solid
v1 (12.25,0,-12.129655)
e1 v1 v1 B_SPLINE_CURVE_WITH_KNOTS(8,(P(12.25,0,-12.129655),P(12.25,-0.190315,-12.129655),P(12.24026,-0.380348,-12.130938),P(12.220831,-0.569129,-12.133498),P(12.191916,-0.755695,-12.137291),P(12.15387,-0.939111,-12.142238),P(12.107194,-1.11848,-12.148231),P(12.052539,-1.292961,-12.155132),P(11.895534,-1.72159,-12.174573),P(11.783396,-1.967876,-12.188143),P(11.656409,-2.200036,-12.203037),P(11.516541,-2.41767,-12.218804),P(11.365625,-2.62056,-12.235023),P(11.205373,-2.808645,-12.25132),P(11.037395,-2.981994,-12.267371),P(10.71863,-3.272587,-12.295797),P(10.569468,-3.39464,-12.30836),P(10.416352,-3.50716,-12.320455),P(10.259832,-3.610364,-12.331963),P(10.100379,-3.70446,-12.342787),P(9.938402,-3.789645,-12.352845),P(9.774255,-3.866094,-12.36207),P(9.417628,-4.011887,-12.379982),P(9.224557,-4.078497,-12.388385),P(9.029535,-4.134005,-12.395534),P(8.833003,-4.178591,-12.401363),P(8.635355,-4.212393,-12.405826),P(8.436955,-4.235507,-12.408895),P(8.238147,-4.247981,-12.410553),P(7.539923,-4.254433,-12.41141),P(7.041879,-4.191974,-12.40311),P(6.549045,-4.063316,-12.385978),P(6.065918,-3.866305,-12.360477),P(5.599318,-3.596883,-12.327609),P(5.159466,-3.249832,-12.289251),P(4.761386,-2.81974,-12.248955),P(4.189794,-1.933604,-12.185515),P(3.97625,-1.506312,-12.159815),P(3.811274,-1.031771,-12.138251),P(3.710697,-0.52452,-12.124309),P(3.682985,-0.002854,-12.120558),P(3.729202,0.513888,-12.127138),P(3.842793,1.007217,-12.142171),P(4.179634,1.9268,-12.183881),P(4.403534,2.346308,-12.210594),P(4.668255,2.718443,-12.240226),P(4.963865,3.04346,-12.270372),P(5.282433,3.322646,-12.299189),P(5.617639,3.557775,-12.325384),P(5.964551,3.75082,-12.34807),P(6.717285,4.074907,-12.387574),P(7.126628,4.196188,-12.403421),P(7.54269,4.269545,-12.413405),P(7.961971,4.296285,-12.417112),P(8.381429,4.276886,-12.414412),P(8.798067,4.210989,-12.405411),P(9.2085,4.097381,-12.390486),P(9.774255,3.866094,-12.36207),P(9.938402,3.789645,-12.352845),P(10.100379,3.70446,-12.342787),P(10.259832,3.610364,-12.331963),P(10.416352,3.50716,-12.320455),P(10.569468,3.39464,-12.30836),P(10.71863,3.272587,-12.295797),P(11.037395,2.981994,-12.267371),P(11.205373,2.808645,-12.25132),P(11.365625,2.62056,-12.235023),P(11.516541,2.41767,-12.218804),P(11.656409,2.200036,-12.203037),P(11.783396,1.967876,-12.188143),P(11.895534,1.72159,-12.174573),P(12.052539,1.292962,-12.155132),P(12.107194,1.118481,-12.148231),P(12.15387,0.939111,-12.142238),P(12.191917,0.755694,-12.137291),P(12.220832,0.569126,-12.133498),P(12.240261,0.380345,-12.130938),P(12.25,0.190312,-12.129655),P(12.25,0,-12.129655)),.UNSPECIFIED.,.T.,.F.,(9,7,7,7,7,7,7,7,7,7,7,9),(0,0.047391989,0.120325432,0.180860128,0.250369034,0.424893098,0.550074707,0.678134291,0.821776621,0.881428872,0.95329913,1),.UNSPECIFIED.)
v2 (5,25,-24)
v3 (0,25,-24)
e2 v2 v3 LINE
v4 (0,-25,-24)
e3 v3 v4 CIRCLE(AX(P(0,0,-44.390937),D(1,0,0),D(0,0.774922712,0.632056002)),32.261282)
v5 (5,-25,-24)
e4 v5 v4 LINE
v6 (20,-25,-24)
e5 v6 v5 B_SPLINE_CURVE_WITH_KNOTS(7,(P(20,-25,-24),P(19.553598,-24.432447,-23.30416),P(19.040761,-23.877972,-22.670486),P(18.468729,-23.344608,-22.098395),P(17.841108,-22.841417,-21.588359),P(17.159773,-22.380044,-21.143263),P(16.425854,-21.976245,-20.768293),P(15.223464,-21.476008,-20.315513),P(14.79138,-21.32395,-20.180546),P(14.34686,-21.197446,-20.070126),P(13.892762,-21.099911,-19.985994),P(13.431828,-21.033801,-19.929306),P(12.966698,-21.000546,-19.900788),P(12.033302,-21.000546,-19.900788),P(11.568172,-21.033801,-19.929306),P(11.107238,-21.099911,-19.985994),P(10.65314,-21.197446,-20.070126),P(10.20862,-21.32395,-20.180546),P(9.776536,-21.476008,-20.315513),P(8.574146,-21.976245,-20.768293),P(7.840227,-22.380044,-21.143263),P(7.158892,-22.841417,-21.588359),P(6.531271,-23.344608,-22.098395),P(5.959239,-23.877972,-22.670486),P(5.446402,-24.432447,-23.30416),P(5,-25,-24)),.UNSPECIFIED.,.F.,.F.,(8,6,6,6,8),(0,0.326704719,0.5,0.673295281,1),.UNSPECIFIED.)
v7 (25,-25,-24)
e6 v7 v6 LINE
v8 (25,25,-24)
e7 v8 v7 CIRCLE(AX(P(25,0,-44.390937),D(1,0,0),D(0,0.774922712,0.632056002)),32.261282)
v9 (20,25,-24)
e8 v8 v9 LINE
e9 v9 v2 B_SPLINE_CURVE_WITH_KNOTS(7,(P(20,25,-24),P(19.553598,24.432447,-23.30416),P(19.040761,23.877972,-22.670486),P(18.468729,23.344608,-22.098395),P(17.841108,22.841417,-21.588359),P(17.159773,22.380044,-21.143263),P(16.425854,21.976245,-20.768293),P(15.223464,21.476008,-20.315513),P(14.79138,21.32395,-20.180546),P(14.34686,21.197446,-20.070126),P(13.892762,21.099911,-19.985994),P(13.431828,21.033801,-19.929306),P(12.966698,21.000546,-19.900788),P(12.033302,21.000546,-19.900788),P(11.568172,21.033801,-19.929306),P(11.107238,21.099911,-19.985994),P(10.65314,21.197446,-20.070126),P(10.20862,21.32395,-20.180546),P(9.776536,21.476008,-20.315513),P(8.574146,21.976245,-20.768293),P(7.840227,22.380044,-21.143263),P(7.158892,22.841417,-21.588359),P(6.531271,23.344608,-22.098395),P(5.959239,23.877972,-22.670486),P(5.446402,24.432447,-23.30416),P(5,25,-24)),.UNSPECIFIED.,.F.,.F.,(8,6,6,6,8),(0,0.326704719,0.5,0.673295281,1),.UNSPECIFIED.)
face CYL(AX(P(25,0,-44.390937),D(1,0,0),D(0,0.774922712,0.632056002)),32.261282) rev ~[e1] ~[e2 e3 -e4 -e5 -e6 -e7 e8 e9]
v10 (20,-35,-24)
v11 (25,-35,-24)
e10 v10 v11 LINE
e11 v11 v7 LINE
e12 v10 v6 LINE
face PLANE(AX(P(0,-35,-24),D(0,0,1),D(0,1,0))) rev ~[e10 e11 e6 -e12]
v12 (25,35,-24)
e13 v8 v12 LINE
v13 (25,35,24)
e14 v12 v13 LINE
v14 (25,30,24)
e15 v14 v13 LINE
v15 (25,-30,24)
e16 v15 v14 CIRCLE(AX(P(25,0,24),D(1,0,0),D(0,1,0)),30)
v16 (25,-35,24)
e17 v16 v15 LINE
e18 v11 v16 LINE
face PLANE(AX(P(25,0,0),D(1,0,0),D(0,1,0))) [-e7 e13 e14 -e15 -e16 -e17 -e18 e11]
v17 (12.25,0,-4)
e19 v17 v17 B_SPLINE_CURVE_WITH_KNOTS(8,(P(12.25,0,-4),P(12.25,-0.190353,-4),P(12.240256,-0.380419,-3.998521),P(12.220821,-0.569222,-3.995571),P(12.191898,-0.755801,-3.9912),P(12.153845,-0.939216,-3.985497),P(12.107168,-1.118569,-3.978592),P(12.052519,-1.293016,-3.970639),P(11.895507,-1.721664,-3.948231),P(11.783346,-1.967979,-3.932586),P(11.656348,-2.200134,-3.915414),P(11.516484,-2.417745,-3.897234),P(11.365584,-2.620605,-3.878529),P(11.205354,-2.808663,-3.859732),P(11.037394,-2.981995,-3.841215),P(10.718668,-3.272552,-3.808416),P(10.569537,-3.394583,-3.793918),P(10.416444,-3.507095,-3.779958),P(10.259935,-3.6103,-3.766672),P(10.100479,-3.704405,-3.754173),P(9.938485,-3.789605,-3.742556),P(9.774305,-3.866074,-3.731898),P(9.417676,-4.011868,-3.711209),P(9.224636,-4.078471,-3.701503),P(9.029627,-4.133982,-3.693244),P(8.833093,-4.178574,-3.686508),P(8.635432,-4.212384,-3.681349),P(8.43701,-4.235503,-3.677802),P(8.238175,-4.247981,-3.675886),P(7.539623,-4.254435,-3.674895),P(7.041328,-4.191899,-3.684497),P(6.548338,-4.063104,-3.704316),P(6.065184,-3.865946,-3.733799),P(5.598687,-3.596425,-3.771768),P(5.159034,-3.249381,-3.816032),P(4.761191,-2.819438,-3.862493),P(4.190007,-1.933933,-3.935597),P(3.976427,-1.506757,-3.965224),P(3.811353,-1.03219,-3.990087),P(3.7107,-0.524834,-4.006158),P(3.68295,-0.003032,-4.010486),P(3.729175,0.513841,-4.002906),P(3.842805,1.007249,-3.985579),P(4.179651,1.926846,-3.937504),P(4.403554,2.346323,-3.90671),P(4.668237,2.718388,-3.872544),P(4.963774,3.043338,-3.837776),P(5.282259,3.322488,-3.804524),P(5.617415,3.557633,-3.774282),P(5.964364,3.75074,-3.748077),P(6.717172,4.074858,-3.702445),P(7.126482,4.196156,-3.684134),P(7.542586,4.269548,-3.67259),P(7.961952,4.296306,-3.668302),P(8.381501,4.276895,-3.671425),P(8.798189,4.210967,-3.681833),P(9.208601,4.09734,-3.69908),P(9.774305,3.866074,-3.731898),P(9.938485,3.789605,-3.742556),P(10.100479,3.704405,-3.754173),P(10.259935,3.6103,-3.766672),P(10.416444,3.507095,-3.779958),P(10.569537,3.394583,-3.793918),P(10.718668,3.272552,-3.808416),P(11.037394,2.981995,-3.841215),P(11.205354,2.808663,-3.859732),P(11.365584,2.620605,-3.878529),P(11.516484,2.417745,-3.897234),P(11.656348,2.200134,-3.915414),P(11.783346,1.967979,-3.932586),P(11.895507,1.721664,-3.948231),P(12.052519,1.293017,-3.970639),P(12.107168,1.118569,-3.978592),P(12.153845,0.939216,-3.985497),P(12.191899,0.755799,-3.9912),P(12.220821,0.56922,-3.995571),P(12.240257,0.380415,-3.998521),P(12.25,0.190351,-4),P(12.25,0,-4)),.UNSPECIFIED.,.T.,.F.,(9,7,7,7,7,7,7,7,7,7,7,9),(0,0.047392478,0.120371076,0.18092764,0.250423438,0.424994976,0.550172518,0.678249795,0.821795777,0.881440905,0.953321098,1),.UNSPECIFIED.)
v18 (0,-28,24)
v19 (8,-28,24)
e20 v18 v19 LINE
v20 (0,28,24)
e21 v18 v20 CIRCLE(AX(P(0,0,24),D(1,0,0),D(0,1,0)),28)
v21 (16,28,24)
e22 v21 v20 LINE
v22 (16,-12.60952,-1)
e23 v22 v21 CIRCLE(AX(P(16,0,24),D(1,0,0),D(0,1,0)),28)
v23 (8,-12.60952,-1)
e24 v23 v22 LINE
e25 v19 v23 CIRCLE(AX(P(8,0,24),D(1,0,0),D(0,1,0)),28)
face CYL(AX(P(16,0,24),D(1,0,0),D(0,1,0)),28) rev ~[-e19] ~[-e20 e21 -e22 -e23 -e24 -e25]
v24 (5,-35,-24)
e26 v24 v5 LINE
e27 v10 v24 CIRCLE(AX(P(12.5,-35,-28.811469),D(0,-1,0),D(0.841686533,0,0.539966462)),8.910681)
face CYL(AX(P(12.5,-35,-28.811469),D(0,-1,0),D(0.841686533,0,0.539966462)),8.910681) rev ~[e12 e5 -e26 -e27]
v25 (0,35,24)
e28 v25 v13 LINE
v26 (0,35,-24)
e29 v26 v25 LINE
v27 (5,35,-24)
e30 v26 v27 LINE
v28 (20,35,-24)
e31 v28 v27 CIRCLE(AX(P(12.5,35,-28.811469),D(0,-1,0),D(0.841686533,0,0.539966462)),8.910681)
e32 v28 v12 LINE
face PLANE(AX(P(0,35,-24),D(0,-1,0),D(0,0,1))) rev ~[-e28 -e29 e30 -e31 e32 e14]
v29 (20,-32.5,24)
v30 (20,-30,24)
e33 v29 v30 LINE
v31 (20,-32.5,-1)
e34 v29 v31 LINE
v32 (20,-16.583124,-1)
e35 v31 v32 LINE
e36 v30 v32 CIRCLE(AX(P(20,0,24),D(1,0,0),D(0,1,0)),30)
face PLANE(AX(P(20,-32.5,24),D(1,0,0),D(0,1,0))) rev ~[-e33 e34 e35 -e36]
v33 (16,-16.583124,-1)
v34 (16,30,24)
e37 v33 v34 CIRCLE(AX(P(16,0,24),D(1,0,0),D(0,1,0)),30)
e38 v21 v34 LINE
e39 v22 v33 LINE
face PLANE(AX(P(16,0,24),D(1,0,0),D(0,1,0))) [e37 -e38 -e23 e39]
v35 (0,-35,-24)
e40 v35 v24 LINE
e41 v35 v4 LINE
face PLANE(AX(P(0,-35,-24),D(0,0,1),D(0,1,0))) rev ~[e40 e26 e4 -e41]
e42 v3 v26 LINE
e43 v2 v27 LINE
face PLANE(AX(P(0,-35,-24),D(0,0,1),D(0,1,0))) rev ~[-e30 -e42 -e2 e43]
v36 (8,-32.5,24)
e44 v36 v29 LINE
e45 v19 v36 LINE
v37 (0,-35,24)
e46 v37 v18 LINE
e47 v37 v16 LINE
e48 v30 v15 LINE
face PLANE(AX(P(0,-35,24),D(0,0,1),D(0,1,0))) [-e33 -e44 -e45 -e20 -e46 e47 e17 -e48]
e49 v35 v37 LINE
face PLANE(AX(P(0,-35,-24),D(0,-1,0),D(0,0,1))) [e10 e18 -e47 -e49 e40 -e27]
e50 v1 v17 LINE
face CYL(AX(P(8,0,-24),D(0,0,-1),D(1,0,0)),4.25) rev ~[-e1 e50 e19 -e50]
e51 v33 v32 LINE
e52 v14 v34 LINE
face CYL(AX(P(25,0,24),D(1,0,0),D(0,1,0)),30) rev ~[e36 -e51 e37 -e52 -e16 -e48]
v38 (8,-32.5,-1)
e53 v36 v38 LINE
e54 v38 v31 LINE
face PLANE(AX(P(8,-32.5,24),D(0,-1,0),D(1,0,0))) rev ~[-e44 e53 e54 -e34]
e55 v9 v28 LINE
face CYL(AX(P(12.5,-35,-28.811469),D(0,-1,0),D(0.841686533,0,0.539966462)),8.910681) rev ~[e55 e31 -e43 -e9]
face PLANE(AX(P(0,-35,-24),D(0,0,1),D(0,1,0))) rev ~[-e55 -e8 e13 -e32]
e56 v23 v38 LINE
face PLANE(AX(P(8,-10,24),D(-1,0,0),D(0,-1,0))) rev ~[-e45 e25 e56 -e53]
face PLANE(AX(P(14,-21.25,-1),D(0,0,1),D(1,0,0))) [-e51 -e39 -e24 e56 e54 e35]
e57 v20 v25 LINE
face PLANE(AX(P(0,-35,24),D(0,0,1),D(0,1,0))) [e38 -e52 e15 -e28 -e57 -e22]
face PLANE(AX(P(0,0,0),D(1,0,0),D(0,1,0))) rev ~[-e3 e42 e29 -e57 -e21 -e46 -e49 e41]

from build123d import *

# Parameters (mm, degrees)
F0_W      = 70
F0_H      = 48
F1_DEPTH  = 25
F2_R      = 30
F3_DEPTH  = 9
F4_R      = 28
F5_DEPTH  = 25
F6_R      = 4.25
F7_DEPTH  = 25
F9_DEPTH  = 25
F11_DEPTH = 25
F13_DEPTH = 75


with BuildPart() as f1:
    # F0 (on Right) → F1 (new body)
    with BuildSketch(Plane.YZ):
        Rectangle(F0_W, F0_H)
    extrude(amount=F1_DEPTH)

    # F2 (on face) → F3 (cut)
    with BuildSketch(Plane.YZ.offset(25)):
        with Locations((0, 24)):
            Circle(F2_R)
    extrude(amount=-F3_DEPTH, mode=Mode.SUBTRACT)

    # F4 (on face) → F5 (cut)
    with BuildSketch(Plane.YZ.offset(16)):
        with Locations((0, 24)):
            Circle(F4_R)
    extrude(amount=-F5_DEPTH, mode=Mode.SUBTRACT)

    # F6 (on face) → F7 (cut)
    with BuildSketch(Plane(origin=(0, 0, -24), x_dir=(1, 0, 0), z_dir=(0, 0, -1))):
        with Locations((8, 0)):
            Circle(F6_R)
    extrude(amount=-F7_DEPTH, mode=Mode.SUBTRACT)

    # F8 (on face) → F9 (cut)
    with BuildSketch(Plane.XY.offset(24)):
        Polygon((8, -28), (8, -32.5), (20, -32.5), (20, -27.5), (20, -10), (8, -10), align=None)
    extrude(amount=-F9_DEPTH, mode=Mode.SUBTRACT)

    # F10 (on face) → F11 (cut)
    with BuildSketch(Plane.YZ.offset(25)):
        with BuildLine():
            Line((25, -30.528549), (25, -24))
            ThreePointArc((25, -24), (0, -12.129655), (-25, -24))
            Line((-25, -24), (-25, -30.528549))
            Line((-25, -30.528549), (25, -30.528549))
        make_face()
    extrude(amount=-F11_DEPTH, mode=Mode.SUBTRACT)

    # F12 (on face) → F13 (cut)
    with BuildSketch(Plane.XZ.offset(35)):
        with BuildLine():
            Line((20, -27.683428), (20, -24))
            ThreePointArc((20, -24), (12.5, -19.900788), (5, -24))
            Line((5, -24), (5, -27.683428))
            Line((5, -27.683428), (20, -27.683428))
        make_face()
    extrude(amount=-F13_DEPTH, mode=Mode.SUBTRACT)


solid = f1.part
